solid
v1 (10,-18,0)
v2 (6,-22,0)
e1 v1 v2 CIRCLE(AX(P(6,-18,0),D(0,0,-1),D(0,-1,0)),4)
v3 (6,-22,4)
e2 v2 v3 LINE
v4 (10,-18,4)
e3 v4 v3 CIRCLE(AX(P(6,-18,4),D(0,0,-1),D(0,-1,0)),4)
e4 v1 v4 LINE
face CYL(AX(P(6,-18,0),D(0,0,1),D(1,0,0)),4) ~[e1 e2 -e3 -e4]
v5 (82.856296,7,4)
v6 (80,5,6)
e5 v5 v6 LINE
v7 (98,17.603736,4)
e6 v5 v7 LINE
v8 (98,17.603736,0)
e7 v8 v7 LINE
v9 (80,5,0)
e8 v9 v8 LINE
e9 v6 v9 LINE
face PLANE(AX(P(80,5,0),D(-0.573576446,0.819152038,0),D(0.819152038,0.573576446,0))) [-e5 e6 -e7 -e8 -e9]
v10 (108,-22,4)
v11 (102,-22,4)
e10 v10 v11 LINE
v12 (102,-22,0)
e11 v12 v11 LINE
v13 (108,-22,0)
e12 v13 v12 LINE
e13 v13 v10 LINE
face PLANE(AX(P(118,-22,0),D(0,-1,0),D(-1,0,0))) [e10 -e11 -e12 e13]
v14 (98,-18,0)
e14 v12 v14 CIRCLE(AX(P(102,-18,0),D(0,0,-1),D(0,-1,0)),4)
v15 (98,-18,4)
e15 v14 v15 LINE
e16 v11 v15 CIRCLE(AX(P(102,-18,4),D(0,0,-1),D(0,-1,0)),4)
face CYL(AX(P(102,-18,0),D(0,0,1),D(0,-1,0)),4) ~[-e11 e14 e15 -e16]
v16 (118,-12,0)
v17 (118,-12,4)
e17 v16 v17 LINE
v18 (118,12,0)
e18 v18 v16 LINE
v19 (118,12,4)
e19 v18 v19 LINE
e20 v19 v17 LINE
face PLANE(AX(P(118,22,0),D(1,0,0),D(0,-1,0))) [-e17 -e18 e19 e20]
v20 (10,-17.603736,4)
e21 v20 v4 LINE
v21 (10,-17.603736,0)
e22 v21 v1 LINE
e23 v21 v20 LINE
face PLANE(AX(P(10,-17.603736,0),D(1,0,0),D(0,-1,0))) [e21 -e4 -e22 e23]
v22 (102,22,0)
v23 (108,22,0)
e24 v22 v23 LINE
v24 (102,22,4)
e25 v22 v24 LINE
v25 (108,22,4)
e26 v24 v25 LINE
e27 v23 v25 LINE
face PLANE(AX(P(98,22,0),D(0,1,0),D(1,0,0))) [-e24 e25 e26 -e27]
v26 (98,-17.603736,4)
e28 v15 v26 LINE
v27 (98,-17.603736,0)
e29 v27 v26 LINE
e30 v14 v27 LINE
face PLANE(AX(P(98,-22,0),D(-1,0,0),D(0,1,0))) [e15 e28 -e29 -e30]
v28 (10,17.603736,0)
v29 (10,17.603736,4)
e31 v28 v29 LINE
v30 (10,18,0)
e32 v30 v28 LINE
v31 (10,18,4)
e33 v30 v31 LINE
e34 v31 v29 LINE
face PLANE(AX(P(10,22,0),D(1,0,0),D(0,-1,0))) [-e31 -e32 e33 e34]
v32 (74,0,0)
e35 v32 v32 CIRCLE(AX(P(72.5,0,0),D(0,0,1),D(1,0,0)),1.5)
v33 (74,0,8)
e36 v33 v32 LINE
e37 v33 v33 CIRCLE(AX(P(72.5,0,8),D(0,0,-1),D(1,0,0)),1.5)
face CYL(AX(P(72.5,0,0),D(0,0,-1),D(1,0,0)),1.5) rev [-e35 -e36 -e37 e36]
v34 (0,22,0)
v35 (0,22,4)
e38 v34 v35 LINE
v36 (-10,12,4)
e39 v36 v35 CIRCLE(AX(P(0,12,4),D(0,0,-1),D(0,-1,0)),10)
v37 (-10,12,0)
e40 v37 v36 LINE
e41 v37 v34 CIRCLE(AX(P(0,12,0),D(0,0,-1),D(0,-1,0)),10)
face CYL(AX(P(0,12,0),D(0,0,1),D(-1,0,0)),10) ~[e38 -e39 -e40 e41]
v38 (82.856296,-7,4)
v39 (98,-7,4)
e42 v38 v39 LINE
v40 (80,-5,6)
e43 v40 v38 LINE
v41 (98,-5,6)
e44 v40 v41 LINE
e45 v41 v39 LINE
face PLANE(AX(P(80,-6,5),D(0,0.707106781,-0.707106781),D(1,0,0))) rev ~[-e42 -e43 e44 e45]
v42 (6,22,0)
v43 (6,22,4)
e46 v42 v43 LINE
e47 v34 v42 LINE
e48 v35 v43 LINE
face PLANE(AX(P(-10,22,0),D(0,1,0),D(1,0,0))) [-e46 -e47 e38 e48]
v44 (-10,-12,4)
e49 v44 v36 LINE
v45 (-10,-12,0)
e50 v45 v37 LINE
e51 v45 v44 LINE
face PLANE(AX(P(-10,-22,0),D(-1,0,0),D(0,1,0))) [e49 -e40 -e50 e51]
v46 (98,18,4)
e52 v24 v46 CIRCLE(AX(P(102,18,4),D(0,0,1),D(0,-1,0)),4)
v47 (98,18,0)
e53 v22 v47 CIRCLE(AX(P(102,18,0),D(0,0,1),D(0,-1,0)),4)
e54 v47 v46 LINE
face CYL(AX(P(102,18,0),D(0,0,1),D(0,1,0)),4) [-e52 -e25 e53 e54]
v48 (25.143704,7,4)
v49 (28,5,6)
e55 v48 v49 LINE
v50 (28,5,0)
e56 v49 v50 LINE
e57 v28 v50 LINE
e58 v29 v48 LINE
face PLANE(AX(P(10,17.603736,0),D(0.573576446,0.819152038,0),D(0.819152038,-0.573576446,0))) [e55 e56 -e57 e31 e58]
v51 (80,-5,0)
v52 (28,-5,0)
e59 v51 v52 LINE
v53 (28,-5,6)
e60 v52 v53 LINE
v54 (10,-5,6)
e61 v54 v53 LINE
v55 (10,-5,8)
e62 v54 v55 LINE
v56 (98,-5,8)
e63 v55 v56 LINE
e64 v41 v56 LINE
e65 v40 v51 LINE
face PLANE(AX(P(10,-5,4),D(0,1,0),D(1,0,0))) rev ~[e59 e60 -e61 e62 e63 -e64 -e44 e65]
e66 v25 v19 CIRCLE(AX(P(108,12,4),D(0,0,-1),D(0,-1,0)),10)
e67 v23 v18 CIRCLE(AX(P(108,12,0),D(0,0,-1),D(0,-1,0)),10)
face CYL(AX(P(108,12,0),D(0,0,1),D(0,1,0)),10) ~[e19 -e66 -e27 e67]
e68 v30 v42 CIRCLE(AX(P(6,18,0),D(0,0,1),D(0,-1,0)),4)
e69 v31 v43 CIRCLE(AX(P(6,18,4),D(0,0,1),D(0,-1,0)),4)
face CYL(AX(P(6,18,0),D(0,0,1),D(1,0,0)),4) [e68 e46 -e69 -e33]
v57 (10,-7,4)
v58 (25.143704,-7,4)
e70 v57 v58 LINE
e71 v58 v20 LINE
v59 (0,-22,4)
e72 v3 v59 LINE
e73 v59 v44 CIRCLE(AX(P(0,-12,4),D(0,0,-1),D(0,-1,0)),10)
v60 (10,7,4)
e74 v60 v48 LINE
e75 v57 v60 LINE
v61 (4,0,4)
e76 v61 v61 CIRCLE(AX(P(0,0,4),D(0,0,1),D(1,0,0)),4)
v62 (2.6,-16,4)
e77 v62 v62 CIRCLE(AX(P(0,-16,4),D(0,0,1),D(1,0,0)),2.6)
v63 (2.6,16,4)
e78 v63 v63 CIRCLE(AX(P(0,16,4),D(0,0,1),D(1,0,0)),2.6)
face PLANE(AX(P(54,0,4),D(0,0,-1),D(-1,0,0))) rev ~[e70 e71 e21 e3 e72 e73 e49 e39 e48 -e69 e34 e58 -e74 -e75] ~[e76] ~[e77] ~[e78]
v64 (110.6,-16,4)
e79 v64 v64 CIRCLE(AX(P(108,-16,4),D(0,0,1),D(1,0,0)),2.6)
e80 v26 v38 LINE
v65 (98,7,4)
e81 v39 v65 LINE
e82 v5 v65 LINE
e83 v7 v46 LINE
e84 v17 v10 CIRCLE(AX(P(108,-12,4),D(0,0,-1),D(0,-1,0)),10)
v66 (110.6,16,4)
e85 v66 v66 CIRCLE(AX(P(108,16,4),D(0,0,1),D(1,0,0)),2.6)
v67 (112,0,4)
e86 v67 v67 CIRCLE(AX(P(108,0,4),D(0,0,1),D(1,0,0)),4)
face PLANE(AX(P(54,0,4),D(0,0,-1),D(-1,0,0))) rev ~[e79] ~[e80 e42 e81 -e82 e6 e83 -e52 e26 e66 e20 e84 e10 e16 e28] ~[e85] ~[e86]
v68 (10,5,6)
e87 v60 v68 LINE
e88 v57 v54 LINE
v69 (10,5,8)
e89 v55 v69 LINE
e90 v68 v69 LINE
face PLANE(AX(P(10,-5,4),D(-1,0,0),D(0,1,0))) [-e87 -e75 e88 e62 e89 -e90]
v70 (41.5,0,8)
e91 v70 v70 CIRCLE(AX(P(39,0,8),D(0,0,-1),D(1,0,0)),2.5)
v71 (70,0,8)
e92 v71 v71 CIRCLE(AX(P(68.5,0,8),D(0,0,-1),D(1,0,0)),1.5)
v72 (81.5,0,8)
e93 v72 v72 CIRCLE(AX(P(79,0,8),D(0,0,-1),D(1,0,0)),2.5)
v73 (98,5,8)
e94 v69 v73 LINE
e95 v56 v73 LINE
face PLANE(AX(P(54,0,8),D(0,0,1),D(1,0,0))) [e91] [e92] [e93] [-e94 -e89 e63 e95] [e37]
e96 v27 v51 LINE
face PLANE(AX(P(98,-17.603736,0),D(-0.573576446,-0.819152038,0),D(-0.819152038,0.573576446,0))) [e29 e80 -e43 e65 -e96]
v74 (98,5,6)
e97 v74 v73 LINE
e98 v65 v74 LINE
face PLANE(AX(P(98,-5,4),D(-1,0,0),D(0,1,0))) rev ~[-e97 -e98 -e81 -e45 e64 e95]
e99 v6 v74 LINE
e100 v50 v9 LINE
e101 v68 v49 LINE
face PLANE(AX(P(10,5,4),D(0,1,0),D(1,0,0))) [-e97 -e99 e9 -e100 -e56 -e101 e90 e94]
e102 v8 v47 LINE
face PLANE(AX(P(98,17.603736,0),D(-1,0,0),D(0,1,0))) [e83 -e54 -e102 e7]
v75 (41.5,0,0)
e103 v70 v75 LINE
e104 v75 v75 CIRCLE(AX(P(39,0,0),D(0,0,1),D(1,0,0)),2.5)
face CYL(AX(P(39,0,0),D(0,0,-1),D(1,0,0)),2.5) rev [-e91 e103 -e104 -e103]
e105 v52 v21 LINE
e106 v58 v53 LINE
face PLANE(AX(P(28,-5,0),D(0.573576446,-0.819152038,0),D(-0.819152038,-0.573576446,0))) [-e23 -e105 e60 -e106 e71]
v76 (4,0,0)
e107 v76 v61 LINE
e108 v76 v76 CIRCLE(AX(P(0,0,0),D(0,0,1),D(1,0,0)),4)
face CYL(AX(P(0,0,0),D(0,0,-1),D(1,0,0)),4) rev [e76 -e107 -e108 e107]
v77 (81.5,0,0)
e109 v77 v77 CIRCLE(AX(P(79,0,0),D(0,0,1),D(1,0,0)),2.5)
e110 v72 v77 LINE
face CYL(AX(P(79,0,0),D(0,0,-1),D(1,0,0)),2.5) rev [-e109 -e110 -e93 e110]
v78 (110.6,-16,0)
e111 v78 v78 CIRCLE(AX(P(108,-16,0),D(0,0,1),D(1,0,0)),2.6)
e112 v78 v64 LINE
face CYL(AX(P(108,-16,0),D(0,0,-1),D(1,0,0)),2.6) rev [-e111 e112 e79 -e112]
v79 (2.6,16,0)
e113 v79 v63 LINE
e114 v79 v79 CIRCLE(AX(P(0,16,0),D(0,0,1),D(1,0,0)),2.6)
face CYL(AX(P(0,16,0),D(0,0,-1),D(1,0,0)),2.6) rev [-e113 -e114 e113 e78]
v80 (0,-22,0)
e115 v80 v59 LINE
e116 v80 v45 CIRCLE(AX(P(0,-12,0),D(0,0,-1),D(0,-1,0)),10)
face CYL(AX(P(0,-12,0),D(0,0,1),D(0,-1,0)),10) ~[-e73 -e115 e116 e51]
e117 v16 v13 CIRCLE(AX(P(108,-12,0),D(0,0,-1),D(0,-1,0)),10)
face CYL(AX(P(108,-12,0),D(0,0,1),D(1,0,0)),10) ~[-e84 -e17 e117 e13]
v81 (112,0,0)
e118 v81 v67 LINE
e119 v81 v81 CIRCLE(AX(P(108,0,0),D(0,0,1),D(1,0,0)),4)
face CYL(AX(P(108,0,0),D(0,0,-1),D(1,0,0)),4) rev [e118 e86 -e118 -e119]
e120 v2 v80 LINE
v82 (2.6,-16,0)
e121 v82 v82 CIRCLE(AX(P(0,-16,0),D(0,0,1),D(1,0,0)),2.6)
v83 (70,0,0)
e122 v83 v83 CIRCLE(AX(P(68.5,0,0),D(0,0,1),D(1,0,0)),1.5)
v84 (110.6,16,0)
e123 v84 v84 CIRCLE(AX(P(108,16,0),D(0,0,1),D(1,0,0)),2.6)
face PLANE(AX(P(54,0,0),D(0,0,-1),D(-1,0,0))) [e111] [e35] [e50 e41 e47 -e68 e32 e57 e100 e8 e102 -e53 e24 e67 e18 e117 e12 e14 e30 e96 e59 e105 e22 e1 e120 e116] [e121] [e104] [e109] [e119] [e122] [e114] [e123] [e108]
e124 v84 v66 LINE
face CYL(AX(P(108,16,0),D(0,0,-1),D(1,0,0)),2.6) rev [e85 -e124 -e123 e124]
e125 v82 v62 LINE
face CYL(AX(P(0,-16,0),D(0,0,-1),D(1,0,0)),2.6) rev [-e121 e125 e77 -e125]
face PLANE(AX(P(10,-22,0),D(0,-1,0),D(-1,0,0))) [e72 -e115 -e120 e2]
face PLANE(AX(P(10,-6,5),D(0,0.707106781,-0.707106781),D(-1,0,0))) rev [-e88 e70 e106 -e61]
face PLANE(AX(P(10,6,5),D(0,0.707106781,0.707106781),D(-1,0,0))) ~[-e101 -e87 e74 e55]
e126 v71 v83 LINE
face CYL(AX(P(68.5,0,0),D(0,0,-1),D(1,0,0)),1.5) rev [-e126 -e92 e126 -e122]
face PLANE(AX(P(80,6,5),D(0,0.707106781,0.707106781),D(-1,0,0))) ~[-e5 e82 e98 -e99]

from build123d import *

# Parameters (mm, degrees)
SKETCH_R        = 4
SKETCH_R_2      = 2.5
SKETCH_R_3      = 1.5
SKETCH_R_4      = 2.6
PAD_DEPTH       = 4
SKETCH006_W     = 88
SKETCH006_H     = 10
PAD001_DEPTH    = 4
SKETCH007_R     = 2.5
SKETCH007_R_2   = 1.5
POCKET_DEPTH    = 8.001
FILLET_R        = 10
FILLET001_R     = 10
FILLET002_R     = 4
FILLET003_R     = 4
CHAMFER_SIZE    = 2
CHAMFER001_SIZE = 2
CHAMFER002_SIZE = 2


with BuildPart() as part:
    # Sketch → Pad (new body)
    with BuildSketch(Plane.XY):
        Polygon((80, 5), (98, 17.603736), (98, 22), (118, 22), (118, -22), (98, -22), (98, -17.603736), (80, -5), (28, -5), (10, -17.603736), (10, -22), (-10, -22), (-10, 22), (10, 22), (10, 17.603736), (28, 5), align=None)
        with Locations((108, 0)):
            Circle(SKETCH_R, mode=Mode.SUBTRACT)
        with Locations((39, 0)):
            Circle(SKETCH_R_2, mode=Mode.SUBTRACT)
        with Locations((79, 0)):
            Circle(SKETCH_R_2, mode=Mode.SUBTRACT)
        with Locations((72.5, 0)):
            Circle(SKETCH_R_3, mode=Mode.SUBTRACT)
        with Locations((68.5, 0)):
            Circle(SKETCH_R_3, mode=Mode.SUBTRACT)
        with Locations((108, 16)):
            Circle(SKETCH_R_4, mode=Mode.SUBTRACT)
        with Locations((108, -16)):
            Circle(SKETCH_R_4, mode=Mode.SUBTRACT)
        with Locations((0, 16)):
            Circle(SKETCH_R_4, mode=Mode.SUBTRACT)
        Circle(SKETCH_R, mode=Mode.SUBTRACT)
        with Locations((0, -16)):
            Circle(SKETCH_R_4, mode=Mode.SUBTRACT)
    extrude(amount=PAD_DEPTH)

    # Sketch006 (on Face28 of Pad) → Pad001 (join)
    with BuildSketch(Plane.XY.offset(4)):
        with Locations((54, 0)):
            Rectangle(SKETCH006_W, SKETCH006_H)
    extrude(amount=PAD001_DEPTH)

    # Sketch007 → Pocket (cut, through all)
    with BuildSketch(Plane.XY):
        with Locations((39, 0)):
            Circle(SKETCH007_R)
        with Locations((79, 0)):
            Circle(SKETCH007_R)
        with Locations((72.5, 0)):
            Circle(SKETCH007_R_2)
        with Locations((68.5, 0)):
            Circle(SKETCH007_R_2)
    extrude(amount=POCKET_DEPTH, mode=Mode.SUBTRACT)

    # Fillet
    fillet_edges = [part.edges().sort_by_distance(p)[0] for p in [
        (-10, -22, 2),
        (-10, 22, 2),
    ]]
    fillet(fillet_edges, radius=FILLET_R)

    # Fillet001
    fillet001_edges = [part.edges().sort_by_distance(p)[0] for p in [
        (118, 22, 2),
        (118, -22, 2),
    ]]
    fillet(fillet001_edges, radius=FILLET001_R)

    # Fillet002
    fillet002_edges = [part.edges().sort_by_distance(p)[0] for p in [
        (10, 22, 2),
        (98, 22, 2),
    ]]
    fillet(fillet002_edges, radius=FILLET002_R)

    # Fillet003
    fillet003_edges = [part.edges().sort_by_distance(p)[0] for p in [
        (10, -22, 2),
        (98, -22, 2),
    ]]
    fillet(fillet003_edges, radius=FILLET003_R)

    # Chamfer
    chamfer_edges = [part.edges().sort_by_distance(p)[0] for p in [
        (89, -5, 4),
    ]]
    chamfer(chamfer_edges, length=CHAMFER_SIZE)

    # Chamfer001
    chamfer001_edges = [part.edges().sort_by_distance(p)[0] for p in [
        (19, -5, 4),
    ]]
    chamfer(chamfer001_edges, length=CHAMFER001_SIZE)

    # Chamfer002
    chamfer002_edges = [part.edges().sort_by_distance(p)[0] for p in [
        (19, 5, 4),
        (89, 5, 4),
    ]]
    chamfer(chamfer002_edges, length=CHAMFER002_SIZE)


solid = part.part
